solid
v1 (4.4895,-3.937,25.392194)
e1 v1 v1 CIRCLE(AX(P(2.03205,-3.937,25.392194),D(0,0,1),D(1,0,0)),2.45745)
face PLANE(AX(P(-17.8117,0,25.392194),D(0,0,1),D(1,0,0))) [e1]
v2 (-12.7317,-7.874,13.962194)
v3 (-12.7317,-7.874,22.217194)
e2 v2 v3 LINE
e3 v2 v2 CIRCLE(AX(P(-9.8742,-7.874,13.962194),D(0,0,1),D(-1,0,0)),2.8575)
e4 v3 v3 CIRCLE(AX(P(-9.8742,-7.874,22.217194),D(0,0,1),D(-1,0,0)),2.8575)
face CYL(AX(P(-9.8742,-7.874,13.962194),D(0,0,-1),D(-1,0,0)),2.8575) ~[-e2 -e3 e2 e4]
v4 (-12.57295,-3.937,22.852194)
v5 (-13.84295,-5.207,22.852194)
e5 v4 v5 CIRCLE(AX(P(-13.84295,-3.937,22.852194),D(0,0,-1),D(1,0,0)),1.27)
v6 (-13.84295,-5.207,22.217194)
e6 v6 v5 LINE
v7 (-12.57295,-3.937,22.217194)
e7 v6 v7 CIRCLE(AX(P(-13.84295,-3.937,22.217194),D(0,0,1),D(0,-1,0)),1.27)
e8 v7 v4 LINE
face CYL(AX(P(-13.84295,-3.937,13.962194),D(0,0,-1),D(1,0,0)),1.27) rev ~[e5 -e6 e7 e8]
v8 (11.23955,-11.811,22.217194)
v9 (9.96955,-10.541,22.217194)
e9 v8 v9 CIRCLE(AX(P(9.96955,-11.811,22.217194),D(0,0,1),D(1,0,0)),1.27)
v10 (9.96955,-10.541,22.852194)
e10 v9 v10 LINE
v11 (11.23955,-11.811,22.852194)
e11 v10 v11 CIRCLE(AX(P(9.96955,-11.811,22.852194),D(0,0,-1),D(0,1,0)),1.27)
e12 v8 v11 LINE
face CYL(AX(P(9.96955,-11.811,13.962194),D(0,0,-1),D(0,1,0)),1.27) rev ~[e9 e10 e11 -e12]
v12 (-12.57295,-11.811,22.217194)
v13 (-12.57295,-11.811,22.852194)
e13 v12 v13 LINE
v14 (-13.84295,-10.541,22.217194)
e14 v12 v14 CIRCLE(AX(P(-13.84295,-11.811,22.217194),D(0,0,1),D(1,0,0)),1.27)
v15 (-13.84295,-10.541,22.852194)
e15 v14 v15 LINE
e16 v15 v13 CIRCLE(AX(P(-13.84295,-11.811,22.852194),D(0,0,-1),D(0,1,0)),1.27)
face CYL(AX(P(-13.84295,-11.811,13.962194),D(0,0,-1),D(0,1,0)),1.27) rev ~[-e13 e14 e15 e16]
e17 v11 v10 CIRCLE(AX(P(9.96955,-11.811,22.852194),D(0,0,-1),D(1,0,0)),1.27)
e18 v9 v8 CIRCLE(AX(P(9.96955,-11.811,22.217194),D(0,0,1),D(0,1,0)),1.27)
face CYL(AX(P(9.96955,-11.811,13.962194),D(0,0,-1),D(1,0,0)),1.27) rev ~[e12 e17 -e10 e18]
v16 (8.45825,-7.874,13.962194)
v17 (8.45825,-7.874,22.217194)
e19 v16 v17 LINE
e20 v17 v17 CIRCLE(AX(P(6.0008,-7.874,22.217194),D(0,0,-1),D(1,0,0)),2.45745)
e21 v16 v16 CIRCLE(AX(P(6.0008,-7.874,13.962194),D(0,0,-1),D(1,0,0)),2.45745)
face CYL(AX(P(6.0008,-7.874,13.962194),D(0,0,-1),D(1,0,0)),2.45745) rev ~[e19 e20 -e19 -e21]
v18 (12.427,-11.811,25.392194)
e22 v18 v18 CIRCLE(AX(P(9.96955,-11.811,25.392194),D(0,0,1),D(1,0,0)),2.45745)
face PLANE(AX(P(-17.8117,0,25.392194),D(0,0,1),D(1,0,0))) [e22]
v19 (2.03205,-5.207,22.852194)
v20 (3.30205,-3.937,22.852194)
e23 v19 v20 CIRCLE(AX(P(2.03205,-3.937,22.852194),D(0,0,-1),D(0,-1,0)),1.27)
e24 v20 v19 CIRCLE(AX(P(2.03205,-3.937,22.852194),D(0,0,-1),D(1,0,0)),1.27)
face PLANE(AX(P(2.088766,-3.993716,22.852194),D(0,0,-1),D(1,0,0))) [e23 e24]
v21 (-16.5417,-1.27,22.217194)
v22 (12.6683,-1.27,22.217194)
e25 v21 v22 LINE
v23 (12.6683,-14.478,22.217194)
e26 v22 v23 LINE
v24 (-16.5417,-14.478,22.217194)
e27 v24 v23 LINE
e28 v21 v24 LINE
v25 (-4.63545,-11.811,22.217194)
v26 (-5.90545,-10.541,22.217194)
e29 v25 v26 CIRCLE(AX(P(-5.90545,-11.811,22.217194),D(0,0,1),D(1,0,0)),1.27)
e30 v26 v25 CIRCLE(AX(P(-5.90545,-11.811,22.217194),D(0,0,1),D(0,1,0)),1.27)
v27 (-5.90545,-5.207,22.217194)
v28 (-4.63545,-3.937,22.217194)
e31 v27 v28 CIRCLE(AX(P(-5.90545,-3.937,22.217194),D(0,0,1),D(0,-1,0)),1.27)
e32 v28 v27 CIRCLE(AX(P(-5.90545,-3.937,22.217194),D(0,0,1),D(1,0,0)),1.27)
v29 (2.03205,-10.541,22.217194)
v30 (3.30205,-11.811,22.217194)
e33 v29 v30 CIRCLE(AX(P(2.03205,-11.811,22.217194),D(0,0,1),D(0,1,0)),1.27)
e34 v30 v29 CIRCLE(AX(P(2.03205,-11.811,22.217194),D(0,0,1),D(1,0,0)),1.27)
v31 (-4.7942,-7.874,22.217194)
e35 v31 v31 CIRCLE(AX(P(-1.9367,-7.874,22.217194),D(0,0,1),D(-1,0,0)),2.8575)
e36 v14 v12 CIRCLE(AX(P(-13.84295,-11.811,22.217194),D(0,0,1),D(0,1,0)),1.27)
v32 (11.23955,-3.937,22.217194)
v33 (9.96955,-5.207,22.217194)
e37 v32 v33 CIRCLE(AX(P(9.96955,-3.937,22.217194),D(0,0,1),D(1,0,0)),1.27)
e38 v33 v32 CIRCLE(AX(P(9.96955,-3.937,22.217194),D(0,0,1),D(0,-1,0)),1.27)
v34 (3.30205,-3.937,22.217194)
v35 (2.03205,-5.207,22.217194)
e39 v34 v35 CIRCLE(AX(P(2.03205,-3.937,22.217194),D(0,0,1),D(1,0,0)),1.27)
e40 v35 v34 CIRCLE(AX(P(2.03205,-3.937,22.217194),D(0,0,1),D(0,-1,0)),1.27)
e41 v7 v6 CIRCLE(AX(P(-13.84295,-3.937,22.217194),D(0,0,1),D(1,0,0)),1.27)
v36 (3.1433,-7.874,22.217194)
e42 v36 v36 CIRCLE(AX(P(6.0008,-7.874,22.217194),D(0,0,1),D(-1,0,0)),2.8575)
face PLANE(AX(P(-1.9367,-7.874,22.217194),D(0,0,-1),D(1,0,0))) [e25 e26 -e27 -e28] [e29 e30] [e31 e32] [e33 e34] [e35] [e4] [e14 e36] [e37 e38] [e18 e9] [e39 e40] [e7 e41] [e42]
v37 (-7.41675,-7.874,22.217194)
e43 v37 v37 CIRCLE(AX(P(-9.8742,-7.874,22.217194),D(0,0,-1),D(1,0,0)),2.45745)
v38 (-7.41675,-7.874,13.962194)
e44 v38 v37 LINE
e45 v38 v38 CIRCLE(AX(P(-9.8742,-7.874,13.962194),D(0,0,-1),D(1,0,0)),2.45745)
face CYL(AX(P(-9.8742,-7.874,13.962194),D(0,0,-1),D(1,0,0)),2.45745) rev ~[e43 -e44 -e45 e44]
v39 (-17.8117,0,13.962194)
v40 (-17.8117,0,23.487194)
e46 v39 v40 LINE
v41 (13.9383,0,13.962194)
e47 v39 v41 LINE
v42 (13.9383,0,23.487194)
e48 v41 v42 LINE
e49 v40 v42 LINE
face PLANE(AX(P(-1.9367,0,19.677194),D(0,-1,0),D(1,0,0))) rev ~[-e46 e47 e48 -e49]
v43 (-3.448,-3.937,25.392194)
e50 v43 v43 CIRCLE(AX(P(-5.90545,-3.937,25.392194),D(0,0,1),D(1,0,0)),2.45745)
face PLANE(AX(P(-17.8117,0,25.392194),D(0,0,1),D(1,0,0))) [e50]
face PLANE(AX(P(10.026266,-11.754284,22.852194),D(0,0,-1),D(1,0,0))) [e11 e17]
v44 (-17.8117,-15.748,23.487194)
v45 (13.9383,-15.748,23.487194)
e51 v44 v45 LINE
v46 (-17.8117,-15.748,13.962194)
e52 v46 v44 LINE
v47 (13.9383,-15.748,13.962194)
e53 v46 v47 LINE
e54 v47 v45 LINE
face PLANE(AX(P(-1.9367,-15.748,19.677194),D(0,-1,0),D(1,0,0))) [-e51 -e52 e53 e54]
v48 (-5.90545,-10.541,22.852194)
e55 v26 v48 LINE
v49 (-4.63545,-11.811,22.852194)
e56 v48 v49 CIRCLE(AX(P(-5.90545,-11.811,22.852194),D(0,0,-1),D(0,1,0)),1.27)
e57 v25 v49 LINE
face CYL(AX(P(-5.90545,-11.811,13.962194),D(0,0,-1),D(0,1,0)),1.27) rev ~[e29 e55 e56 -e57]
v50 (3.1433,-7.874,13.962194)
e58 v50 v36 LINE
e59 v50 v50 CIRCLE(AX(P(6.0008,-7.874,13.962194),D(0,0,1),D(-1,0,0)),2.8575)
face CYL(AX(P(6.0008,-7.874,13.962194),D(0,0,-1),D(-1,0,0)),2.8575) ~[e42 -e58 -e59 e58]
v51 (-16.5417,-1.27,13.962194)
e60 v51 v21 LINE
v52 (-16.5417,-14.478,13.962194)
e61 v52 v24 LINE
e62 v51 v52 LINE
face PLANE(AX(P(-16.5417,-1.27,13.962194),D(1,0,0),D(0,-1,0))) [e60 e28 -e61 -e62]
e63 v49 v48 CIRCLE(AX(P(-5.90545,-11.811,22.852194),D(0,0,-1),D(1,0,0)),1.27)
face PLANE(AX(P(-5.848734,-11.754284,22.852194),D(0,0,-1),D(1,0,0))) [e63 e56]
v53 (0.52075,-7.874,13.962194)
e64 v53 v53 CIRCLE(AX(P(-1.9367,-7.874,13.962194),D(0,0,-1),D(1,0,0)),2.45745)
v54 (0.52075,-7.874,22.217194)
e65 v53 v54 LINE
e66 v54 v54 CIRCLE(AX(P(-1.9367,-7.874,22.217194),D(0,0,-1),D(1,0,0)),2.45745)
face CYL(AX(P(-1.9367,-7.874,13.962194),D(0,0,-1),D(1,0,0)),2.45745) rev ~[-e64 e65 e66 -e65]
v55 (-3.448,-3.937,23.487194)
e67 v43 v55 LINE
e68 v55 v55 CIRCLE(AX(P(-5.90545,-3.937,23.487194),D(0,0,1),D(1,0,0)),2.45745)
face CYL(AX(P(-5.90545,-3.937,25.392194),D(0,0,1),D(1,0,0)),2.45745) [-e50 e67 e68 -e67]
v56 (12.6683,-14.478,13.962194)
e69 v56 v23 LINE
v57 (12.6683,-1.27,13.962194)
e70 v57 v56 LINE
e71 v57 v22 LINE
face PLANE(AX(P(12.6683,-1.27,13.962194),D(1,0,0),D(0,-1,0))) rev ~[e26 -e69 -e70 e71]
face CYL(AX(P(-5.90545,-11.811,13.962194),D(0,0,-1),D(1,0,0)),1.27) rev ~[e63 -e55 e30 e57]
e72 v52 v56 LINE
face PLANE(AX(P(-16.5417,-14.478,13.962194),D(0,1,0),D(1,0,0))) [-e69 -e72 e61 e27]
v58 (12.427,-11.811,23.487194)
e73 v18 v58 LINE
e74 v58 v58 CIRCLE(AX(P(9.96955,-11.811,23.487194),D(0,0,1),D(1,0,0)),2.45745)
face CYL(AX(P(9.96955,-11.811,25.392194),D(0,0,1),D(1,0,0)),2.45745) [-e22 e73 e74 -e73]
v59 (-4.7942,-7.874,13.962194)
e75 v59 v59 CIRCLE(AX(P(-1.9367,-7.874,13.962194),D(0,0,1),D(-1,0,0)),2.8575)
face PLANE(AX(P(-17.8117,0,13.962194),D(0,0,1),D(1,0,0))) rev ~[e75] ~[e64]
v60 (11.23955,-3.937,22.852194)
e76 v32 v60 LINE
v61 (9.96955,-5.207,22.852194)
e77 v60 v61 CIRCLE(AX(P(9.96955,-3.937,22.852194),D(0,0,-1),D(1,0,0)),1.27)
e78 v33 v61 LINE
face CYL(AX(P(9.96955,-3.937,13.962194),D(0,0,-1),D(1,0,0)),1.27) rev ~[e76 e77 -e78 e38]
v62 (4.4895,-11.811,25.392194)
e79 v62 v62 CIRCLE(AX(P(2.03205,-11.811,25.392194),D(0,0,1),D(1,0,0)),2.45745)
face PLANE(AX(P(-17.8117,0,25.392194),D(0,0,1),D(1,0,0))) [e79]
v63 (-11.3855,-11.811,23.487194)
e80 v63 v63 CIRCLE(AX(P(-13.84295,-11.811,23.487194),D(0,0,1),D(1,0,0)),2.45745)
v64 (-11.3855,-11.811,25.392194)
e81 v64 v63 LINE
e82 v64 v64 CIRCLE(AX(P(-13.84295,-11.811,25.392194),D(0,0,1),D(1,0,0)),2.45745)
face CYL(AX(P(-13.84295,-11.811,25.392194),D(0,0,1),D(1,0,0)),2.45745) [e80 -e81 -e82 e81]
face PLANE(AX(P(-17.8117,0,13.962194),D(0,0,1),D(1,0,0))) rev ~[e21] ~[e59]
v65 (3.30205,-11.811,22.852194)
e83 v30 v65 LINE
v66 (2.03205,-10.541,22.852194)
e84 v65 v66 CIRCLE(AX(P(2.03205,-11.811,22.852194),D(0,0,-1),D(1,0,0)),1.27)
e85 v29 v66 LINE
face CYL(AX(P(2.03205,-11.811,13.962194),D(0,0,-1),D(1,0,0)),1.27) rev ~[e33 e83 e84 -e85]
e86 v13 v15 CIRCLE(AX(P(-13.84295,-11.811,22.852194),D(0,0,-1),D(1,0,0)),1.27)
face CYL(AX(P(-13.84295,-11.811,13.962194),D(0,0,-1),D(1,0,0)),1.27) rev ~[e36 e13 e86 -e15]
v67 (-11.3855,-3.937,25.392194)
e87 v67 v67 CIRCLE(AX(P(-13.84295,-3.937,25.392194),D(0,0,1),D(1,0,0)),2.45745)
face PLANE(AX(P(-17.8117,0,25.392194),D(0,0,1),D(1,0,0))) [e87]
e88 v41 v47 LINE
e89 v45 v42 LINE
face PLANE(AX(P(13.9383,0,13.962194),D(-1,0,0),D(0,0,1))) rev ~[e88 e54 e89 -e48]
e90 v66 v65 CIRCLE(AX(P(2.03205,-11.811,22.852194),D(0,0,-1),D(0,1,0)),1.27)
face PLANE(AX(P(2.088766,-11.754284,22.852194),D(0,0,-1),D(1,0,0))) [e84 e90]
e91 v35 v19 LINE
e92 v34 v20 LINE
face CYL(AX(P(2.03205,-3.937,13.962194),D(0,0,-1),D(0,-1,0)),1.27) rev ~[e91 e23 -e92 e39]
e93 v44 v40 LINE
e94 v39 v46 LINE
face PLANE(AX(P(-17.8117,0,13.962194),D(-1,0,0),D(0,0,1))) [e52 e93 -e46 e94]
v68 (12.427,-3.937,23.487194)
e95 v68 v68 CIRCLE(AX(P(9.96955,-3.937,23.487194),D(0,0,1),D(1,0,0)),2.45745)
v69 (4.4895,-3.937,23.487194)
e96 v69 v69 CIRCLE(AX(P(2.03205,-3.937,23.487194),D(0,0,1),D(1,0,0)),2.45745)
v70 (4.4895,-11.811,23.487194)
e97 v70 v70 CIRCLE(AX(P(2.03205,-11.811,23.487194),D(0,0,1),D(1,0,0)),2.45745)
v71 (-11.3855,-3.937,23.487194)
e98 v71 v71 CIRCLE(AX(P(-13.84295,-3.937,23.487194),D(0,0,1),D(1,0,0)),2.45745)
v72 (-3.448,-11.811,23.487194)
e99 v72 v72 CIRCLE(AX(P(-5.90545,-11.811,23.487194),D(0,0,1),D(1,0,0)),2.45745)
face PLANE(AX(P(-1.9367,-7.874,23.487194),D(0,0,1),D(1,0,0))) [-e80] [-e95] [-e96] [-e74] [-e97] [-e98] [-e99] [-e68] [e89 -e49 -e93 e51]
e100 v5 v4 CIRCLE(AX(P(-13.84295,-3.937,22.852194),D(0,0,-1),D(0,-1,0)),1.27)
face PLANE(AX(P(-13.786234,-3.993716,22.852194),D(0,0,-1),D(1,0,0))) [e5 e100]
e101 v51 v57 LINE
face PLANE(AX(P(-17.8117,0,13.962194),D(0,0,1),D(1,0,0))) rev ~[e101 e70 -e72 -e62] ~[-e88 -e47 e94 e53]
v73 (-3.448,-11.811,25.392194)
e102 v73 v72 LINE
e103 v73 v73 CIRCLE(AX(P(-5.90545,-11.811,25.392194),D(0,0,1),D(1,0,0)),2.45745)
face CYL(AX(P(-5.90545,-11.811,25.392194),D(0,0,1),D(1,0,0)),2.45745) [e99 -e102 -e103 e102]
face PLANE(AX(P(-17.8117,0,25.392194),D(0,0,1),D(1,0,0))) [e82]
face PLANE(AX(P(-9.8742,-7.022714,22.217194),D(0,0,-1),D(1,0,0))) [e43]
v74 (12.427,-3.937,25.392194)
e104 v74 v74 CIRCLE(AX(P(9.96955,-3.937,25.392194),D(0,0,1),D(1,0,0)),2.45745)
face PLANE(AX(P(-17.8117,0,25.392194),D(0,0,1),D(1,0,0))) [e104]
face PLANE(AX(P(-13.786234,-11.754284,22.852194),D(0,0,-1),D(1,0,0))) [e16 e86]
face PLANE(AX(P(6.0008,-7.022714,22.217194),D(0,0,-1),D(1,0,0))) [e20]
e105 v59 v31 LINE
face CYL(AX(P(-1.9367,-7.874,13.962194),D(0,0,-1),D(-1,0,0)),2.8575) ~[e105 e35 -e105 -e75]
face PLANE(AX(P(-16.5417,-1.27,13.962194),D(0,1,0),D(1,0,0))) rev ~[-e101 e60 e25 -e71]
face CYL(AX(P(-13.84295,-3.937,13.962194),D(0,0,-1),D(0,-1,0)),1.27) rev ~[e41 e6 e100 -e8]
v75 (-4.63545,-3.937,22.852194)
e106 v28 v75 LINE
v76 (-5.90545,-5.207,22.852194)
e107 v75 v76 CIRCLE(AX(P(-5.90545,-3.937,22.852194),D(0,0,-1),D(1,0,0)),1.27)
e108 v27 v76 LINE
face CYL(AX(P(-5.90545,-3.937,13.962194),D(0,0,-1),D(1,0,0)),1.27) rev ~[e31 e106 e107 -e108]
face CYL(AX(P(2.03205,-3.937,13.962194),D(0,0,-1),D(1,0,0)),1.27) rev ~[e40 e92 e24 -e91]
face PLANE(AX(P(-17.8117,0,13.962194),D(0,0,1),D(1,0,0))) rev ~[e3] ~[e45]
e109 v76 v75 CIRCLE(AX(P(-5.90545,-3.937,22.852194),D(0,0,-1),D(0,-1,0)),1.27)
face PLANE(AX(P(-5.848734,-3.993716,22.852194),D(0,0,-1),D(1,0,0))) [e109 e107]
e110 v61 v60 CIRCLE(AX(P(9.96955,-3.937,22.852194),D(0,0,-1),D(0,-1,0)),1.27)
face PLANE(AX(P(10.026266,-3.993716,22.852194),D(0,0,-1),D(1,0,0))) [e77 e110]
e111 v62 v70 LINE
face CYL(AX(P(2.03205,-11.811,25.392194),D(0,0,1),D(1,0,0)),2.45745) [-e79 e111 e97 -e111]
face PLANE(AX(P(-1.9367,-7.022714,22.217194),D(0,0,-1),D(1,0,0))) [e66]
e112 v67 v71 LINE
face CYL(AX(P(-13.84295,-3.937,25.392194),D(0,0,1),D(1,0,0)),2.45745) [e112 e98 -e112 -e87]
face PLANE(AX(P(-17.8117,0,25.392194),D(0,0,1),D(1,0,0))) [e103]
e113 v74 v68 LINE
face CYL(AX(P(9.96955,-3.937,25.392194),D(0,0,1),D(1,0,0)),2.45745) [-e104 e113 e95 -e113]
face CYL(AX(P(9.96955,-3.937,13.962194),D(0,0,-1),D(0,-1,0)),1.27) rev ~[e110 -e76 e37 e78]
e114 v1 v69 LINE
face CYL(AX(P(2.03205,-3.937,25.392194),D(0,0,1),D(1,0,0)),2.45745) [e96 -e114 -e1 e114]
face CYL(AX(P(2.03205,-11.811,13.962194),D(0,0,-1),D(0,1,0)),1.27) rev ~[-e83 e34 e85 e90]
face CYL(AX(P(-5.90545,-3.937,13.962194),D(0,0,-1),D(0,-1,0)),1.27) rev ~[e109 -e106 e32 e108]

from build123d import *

# Parameters (mm, degrees)
F0_W     = 31.75
F0_H     = 11.43
F1_DEPTH = 15.748
F2_W     = 31.75
F2_H     = 15.748
F2_R     = 2.45745
F3_DEPTH = 1.905
F5_DEPTH = 8.89
F4_W     = 29.21
F4_H     = 13.208
F6_DEPTH = 8.255


with BuildPart() as f1:
    # F0 (on Front) → F1 (new body)
    with BuildSketch(Plane.XZ):
        with Locations((-1.9367001951, 19.6771935656)):
            Rectangle(F0_W, F0_H)
    extrude(amount=F1_DEPTH)

    # F2 (on face) → F3 (cut)
    with BuildSketch(Plane.XY.offset(25.3921935656)):
        with Locations((-1.9367001951, -7.874)):
            Rectangle(F2_W, F2_H)
        with Locations((-13.8429501951, -11.811)):
            Circle(F2_R, mode=Mode.SUBTRACT)
        with Locations((-5.9054501951, -11.811)):
            Circle(F2_R, mode=Mode.SUBTRACT)
        with Locations((2.0320498049, -11.811)):
            Circle(F2_R, mode=Mode.SUBTRACT)
        with Locations((9.9695498049, -11.811)):
            Circle(F2_R, mode=Mode.SUBTRACT)
        with Locations((-13.8429501951, -3.937)):
            Circle(F2_R, mode=Mode.SUBTRACT)
        with Locations((-5.9054501951, -3.937)):
            Circle(F2_R, mode=Mode.SUBTRACT)
        with Locations((2.0320498049, -3.937)):
            Circle(F2_R, mode=Mode.SUBTRACT)
        with Locations((9.9695498049, -3.937)):
            Circle(F2_R, mode=Mode.SUBTRACT)
    extrude(amount=-F3_DEPTH, mode=Mode.SUBTRACT)

    # F4 (on face) → F5 (cut)
    with BuildSketch(Plane(origin=(0, 0, 13.9621935656), x_dir=(1, 0, 0), z_dir=(0, 0, -1))):
        with BuildLine():
            ThreePointArc((11.2395498049, 3.937), (10.867575417, 4.8350256121), (9.9695498049, 5.207))
            ThreePointArc((9.9695498049, 5.207), (9.0715241928, 3.0389743879), (11.2395498049, 3.937))
        make_face()
        with BuildLine():
            ThreePointArc((11.2395498049, 11.811), (9.0715241928, 12.7090256121), (9.9695498049, 10.541))
            ThreePointArc((9.9695498049, 10.541), (10.867575417, 10.9129743879), (11.2395498049, 11.811))
        make_face()
        with BuildLine():
            ThreePointArc((3.3020498049, 11.811), (1.1340241928, 12.7090256121), (2.0320498049, 10.541))
            ThreePointArc((2.0320498049, 10.541), (2.930075417, 10.9129743879), (3.3020498049, 11.811))
        make_face()
        with BuildLine():
            ThreePointArc((3.3020498049, 3.937), (2.930075417, 4.8350256121), (2.0320498049, 5.207))
            ThreePointArc((2.0320498049, 5.207), (1.1340241928, 3.0389743879), (3.3020498049, 3.937))
        make_face()
        with BuildLine():
            ThreePointArc((-4.6354501951, 11.811), (-6.8034758072, 12.7090256121), (-5.9054501951, 10.541))
            ThreePointArc((-5.9054501951, 10.541), (-5.007424583, 10.9129743879), (-4.6354501951, 11.811))
        make_face()
        with BuildLine():
            ThreePointArc((-4.6354501951, 3.937), (-5.007424583, 4.8350256121), (-5.9054501951, 5.207))
            ThreePointArc((-5.9054501951, 5.207), (-6.8034758072, 3.0389743879), (-4.6354501951, 3.937))
        make_face()
        with BuildLine():
            ThreePointArc((-13.8429501951, 10.541), (-12.944924583, 10.9129743879), (-12.5729501951, 11.811))
            ThreePointArc((-12.5729501951, 11.811), (-14.7409758072, 12.7090256121), (-13.8429501951, 10.541))
        make_face()
        with BuildLine():
            ThreePointArc((-12.5729501951, 3.937), (-12.944924583, 4.8350256121), (-13.8429501951, 5.207))
            ThreePointArc((-13.8429501951, 5.207), (-14.7409758072, 3.0389743879), (-12.5729501951, 3.937))
        make_face()
    extrude(amount=-F5_DEPTH, mode=Mode.SUBTRACT)

    # F4 (on face) → F6 (cut)
    with BuildSketch(Plane(origin=(0, 0, 13.9621935656), x_dir=(1, 0, 0), z_dir=(0, 0, -1))):
        with Locations((-1.9367001951, 7.874)):
            Rectangle(F4_W, F4_H)
        with BuildLine():
            ThreePointArc((-12.5729501951, 3.937), (-14.7409758072, 3.0389743879), (-13.8429501951, 5.207))
            ThreePointArc((-13.8429501951, 5.207), (-12.944924583, 4.8350256121), (-12.5729501951, 3.937))
        make_face(mode=Mode.SUBTRACT)
        with BuildLine():
            ThreePointArc((-4.6354501951, 3.937), (-6.8034758072, 3.0389743879), (-5.9054501951, 5.207))
            ThreePointArc((-5.9054501951, 5.207), (-5.007424583, 4.8350256121), (-4.6354501951, 3.937))
        make_face(mode=Mode.SUBTRACT)
        with BuildLine():
            ThreePointArc((3.3020498049, 3.937), (1.1340241928, 3.0389743879), (2.0320498049, 5.207))
            ThreePointArc((2.0320498049, 5.207), (2.930075417, 4.8350256121), (3.3020498049, 3.937))
        make_face(mode=Mode.SUBTRACT)
        with BuildLine():
            ThreePointArc((11.2395498049, 3.937), (9.0715241928, 3.0389743879), (9.9695498049, 5.207))
            ThreePointArc((9.9695498049, 5.207), (10.867575417, 4.8350256121), (11.2395498049, 3.937))
        make_face(mode=Mode.SUBTRACT)
        with BuildLine():
            ThreePointArc((-7.0167001951, 7.874), (-9.8742001951, 5.0165), (-12.7317001951, 7.874))
            ThreePointArc((-12.7317001951, 7.874), (-9.8742001951, 10.7315), (-7.0167001951, 7.874))
        make_face(mode=Mode.SUBTRACT)
        with BuildLine():
            ThreePointArc((-13.8429501951, 10.541), (-14.7409758072, 12.7090256121), (-12.5729501951, 11.811))
            ThreePointArc((-12.5729501951, 11.811), (-12.944924583, 10.9129743879), (-13.8429501951, 10.541))
        make_face(mode=Mode.SUBTRACT)
        with BuildLine():
            ThreePointArc((-4.6354501951, 11.811), (-5.007424583, 10.9129743879), (-5.9054501951, 10.541))
            ThreePointArc((-5.9054501951, 10.541), (-6.8034758072, 12.7090256121), (-4.6354501951, 11.811))
        make_face(mode=Mode.SUBTRACT)
        with BuildLine():
            ThreePointArc((0.9207998049, 7.874), (-1.9367001951, 5.0165), (-4.7942001951, 7.874))
            ThreePointArc((-4.7942001951, 7.874), (-1.9367001951, 10.7315), (0.9207998049, 7.874))
        make_face(mode=Mode.SUBTRACT)
        with BuildLine():
            ThreePointArc((8.8582998049, 7.874), (6.0007998049, 5.0165), (3.1432998049, 7.874))
            ThreePointArc((3.1432998049, 7.874), (6.0007998049, 10.7315), (8.8582998049, 7.874))
        make_face(mode=Mode.SUBTRACT)
        with BuildLine():
            ThreePointArc((3.3020498049, 11.811), (2.930075417, 10.9129743879), (2.0320498049, 10.541))
            ThreePointArc((2.0320498049, 10.541), (1.1340241928, 12.7090256121), (3.3020498049, 11.811))
        make_face(mode=Mode.SUBTRACT)
        with BuildLine():
            ThreePointArc((11.2395498049, 11.811), (10.867575417, 10.9129743879), (9.9695498049, 10.541))
            ThreePointArc((9.9695498049, 10.541), (9.0715241928, 12.7090256121), (11.2395498049, 11.811))
        make_face(mode=Mode.SUBTRACT)
        with BuildLine():
            Line((8.4582498049, 7.874), (3.5433498049, 7.874))
            ThreePointArc((3.5433498049, 7.874), (6.0007998049, 5.41655), (8.4582498049, 7.874))
        make_face()
        with BuildLine():
            ThreePointArc((8.4582498049, 7.874), (6.0007998049, 10.33145), (3.5433498049, 7.874))
            Line((3.5433498049, 7.874), (8.4582498049, 7.874))
        make_face()
        with BuildLine():
            Line((0.5207498049, 7.874), (-4.3941501951, 7.874))
            ThreePointArc((-4.3941501951, 7.874), (-1.9367001951, 5.41655), (0.5207498049, 7.874))
        make_face()
        with BuildLine():
            ThreePointArc((0.5207498049, 7.874), (-1.9367001951, 10.33145), (-4.3941501951, 7.874))
            Line((-4.3941501951, 7.874), (0.5207498049, 7.874))
        make_face()
        with BuildLine():
            Line((-7.4167501951, 7.874), (-12.3316501951, 7.874))
            ThreePointArc((-12.3316501951, 7.874), (-9.8742001951, 5.41655), (-7.4167501951, 7.874))
        make_face()
        with BuildLine():
            ThreePointArc((-7.4167501951, 7.874), (-9.8742001951, 10.33145), (-12.3316501951, 7.874))
            Line((-12.3316501951, 7.874), (-7.4167501951, 7.874))
        make_face()
    extrude(amount=-F6_DEPTH, mode=Mode.SUBTRACT)


solid = f1.part
